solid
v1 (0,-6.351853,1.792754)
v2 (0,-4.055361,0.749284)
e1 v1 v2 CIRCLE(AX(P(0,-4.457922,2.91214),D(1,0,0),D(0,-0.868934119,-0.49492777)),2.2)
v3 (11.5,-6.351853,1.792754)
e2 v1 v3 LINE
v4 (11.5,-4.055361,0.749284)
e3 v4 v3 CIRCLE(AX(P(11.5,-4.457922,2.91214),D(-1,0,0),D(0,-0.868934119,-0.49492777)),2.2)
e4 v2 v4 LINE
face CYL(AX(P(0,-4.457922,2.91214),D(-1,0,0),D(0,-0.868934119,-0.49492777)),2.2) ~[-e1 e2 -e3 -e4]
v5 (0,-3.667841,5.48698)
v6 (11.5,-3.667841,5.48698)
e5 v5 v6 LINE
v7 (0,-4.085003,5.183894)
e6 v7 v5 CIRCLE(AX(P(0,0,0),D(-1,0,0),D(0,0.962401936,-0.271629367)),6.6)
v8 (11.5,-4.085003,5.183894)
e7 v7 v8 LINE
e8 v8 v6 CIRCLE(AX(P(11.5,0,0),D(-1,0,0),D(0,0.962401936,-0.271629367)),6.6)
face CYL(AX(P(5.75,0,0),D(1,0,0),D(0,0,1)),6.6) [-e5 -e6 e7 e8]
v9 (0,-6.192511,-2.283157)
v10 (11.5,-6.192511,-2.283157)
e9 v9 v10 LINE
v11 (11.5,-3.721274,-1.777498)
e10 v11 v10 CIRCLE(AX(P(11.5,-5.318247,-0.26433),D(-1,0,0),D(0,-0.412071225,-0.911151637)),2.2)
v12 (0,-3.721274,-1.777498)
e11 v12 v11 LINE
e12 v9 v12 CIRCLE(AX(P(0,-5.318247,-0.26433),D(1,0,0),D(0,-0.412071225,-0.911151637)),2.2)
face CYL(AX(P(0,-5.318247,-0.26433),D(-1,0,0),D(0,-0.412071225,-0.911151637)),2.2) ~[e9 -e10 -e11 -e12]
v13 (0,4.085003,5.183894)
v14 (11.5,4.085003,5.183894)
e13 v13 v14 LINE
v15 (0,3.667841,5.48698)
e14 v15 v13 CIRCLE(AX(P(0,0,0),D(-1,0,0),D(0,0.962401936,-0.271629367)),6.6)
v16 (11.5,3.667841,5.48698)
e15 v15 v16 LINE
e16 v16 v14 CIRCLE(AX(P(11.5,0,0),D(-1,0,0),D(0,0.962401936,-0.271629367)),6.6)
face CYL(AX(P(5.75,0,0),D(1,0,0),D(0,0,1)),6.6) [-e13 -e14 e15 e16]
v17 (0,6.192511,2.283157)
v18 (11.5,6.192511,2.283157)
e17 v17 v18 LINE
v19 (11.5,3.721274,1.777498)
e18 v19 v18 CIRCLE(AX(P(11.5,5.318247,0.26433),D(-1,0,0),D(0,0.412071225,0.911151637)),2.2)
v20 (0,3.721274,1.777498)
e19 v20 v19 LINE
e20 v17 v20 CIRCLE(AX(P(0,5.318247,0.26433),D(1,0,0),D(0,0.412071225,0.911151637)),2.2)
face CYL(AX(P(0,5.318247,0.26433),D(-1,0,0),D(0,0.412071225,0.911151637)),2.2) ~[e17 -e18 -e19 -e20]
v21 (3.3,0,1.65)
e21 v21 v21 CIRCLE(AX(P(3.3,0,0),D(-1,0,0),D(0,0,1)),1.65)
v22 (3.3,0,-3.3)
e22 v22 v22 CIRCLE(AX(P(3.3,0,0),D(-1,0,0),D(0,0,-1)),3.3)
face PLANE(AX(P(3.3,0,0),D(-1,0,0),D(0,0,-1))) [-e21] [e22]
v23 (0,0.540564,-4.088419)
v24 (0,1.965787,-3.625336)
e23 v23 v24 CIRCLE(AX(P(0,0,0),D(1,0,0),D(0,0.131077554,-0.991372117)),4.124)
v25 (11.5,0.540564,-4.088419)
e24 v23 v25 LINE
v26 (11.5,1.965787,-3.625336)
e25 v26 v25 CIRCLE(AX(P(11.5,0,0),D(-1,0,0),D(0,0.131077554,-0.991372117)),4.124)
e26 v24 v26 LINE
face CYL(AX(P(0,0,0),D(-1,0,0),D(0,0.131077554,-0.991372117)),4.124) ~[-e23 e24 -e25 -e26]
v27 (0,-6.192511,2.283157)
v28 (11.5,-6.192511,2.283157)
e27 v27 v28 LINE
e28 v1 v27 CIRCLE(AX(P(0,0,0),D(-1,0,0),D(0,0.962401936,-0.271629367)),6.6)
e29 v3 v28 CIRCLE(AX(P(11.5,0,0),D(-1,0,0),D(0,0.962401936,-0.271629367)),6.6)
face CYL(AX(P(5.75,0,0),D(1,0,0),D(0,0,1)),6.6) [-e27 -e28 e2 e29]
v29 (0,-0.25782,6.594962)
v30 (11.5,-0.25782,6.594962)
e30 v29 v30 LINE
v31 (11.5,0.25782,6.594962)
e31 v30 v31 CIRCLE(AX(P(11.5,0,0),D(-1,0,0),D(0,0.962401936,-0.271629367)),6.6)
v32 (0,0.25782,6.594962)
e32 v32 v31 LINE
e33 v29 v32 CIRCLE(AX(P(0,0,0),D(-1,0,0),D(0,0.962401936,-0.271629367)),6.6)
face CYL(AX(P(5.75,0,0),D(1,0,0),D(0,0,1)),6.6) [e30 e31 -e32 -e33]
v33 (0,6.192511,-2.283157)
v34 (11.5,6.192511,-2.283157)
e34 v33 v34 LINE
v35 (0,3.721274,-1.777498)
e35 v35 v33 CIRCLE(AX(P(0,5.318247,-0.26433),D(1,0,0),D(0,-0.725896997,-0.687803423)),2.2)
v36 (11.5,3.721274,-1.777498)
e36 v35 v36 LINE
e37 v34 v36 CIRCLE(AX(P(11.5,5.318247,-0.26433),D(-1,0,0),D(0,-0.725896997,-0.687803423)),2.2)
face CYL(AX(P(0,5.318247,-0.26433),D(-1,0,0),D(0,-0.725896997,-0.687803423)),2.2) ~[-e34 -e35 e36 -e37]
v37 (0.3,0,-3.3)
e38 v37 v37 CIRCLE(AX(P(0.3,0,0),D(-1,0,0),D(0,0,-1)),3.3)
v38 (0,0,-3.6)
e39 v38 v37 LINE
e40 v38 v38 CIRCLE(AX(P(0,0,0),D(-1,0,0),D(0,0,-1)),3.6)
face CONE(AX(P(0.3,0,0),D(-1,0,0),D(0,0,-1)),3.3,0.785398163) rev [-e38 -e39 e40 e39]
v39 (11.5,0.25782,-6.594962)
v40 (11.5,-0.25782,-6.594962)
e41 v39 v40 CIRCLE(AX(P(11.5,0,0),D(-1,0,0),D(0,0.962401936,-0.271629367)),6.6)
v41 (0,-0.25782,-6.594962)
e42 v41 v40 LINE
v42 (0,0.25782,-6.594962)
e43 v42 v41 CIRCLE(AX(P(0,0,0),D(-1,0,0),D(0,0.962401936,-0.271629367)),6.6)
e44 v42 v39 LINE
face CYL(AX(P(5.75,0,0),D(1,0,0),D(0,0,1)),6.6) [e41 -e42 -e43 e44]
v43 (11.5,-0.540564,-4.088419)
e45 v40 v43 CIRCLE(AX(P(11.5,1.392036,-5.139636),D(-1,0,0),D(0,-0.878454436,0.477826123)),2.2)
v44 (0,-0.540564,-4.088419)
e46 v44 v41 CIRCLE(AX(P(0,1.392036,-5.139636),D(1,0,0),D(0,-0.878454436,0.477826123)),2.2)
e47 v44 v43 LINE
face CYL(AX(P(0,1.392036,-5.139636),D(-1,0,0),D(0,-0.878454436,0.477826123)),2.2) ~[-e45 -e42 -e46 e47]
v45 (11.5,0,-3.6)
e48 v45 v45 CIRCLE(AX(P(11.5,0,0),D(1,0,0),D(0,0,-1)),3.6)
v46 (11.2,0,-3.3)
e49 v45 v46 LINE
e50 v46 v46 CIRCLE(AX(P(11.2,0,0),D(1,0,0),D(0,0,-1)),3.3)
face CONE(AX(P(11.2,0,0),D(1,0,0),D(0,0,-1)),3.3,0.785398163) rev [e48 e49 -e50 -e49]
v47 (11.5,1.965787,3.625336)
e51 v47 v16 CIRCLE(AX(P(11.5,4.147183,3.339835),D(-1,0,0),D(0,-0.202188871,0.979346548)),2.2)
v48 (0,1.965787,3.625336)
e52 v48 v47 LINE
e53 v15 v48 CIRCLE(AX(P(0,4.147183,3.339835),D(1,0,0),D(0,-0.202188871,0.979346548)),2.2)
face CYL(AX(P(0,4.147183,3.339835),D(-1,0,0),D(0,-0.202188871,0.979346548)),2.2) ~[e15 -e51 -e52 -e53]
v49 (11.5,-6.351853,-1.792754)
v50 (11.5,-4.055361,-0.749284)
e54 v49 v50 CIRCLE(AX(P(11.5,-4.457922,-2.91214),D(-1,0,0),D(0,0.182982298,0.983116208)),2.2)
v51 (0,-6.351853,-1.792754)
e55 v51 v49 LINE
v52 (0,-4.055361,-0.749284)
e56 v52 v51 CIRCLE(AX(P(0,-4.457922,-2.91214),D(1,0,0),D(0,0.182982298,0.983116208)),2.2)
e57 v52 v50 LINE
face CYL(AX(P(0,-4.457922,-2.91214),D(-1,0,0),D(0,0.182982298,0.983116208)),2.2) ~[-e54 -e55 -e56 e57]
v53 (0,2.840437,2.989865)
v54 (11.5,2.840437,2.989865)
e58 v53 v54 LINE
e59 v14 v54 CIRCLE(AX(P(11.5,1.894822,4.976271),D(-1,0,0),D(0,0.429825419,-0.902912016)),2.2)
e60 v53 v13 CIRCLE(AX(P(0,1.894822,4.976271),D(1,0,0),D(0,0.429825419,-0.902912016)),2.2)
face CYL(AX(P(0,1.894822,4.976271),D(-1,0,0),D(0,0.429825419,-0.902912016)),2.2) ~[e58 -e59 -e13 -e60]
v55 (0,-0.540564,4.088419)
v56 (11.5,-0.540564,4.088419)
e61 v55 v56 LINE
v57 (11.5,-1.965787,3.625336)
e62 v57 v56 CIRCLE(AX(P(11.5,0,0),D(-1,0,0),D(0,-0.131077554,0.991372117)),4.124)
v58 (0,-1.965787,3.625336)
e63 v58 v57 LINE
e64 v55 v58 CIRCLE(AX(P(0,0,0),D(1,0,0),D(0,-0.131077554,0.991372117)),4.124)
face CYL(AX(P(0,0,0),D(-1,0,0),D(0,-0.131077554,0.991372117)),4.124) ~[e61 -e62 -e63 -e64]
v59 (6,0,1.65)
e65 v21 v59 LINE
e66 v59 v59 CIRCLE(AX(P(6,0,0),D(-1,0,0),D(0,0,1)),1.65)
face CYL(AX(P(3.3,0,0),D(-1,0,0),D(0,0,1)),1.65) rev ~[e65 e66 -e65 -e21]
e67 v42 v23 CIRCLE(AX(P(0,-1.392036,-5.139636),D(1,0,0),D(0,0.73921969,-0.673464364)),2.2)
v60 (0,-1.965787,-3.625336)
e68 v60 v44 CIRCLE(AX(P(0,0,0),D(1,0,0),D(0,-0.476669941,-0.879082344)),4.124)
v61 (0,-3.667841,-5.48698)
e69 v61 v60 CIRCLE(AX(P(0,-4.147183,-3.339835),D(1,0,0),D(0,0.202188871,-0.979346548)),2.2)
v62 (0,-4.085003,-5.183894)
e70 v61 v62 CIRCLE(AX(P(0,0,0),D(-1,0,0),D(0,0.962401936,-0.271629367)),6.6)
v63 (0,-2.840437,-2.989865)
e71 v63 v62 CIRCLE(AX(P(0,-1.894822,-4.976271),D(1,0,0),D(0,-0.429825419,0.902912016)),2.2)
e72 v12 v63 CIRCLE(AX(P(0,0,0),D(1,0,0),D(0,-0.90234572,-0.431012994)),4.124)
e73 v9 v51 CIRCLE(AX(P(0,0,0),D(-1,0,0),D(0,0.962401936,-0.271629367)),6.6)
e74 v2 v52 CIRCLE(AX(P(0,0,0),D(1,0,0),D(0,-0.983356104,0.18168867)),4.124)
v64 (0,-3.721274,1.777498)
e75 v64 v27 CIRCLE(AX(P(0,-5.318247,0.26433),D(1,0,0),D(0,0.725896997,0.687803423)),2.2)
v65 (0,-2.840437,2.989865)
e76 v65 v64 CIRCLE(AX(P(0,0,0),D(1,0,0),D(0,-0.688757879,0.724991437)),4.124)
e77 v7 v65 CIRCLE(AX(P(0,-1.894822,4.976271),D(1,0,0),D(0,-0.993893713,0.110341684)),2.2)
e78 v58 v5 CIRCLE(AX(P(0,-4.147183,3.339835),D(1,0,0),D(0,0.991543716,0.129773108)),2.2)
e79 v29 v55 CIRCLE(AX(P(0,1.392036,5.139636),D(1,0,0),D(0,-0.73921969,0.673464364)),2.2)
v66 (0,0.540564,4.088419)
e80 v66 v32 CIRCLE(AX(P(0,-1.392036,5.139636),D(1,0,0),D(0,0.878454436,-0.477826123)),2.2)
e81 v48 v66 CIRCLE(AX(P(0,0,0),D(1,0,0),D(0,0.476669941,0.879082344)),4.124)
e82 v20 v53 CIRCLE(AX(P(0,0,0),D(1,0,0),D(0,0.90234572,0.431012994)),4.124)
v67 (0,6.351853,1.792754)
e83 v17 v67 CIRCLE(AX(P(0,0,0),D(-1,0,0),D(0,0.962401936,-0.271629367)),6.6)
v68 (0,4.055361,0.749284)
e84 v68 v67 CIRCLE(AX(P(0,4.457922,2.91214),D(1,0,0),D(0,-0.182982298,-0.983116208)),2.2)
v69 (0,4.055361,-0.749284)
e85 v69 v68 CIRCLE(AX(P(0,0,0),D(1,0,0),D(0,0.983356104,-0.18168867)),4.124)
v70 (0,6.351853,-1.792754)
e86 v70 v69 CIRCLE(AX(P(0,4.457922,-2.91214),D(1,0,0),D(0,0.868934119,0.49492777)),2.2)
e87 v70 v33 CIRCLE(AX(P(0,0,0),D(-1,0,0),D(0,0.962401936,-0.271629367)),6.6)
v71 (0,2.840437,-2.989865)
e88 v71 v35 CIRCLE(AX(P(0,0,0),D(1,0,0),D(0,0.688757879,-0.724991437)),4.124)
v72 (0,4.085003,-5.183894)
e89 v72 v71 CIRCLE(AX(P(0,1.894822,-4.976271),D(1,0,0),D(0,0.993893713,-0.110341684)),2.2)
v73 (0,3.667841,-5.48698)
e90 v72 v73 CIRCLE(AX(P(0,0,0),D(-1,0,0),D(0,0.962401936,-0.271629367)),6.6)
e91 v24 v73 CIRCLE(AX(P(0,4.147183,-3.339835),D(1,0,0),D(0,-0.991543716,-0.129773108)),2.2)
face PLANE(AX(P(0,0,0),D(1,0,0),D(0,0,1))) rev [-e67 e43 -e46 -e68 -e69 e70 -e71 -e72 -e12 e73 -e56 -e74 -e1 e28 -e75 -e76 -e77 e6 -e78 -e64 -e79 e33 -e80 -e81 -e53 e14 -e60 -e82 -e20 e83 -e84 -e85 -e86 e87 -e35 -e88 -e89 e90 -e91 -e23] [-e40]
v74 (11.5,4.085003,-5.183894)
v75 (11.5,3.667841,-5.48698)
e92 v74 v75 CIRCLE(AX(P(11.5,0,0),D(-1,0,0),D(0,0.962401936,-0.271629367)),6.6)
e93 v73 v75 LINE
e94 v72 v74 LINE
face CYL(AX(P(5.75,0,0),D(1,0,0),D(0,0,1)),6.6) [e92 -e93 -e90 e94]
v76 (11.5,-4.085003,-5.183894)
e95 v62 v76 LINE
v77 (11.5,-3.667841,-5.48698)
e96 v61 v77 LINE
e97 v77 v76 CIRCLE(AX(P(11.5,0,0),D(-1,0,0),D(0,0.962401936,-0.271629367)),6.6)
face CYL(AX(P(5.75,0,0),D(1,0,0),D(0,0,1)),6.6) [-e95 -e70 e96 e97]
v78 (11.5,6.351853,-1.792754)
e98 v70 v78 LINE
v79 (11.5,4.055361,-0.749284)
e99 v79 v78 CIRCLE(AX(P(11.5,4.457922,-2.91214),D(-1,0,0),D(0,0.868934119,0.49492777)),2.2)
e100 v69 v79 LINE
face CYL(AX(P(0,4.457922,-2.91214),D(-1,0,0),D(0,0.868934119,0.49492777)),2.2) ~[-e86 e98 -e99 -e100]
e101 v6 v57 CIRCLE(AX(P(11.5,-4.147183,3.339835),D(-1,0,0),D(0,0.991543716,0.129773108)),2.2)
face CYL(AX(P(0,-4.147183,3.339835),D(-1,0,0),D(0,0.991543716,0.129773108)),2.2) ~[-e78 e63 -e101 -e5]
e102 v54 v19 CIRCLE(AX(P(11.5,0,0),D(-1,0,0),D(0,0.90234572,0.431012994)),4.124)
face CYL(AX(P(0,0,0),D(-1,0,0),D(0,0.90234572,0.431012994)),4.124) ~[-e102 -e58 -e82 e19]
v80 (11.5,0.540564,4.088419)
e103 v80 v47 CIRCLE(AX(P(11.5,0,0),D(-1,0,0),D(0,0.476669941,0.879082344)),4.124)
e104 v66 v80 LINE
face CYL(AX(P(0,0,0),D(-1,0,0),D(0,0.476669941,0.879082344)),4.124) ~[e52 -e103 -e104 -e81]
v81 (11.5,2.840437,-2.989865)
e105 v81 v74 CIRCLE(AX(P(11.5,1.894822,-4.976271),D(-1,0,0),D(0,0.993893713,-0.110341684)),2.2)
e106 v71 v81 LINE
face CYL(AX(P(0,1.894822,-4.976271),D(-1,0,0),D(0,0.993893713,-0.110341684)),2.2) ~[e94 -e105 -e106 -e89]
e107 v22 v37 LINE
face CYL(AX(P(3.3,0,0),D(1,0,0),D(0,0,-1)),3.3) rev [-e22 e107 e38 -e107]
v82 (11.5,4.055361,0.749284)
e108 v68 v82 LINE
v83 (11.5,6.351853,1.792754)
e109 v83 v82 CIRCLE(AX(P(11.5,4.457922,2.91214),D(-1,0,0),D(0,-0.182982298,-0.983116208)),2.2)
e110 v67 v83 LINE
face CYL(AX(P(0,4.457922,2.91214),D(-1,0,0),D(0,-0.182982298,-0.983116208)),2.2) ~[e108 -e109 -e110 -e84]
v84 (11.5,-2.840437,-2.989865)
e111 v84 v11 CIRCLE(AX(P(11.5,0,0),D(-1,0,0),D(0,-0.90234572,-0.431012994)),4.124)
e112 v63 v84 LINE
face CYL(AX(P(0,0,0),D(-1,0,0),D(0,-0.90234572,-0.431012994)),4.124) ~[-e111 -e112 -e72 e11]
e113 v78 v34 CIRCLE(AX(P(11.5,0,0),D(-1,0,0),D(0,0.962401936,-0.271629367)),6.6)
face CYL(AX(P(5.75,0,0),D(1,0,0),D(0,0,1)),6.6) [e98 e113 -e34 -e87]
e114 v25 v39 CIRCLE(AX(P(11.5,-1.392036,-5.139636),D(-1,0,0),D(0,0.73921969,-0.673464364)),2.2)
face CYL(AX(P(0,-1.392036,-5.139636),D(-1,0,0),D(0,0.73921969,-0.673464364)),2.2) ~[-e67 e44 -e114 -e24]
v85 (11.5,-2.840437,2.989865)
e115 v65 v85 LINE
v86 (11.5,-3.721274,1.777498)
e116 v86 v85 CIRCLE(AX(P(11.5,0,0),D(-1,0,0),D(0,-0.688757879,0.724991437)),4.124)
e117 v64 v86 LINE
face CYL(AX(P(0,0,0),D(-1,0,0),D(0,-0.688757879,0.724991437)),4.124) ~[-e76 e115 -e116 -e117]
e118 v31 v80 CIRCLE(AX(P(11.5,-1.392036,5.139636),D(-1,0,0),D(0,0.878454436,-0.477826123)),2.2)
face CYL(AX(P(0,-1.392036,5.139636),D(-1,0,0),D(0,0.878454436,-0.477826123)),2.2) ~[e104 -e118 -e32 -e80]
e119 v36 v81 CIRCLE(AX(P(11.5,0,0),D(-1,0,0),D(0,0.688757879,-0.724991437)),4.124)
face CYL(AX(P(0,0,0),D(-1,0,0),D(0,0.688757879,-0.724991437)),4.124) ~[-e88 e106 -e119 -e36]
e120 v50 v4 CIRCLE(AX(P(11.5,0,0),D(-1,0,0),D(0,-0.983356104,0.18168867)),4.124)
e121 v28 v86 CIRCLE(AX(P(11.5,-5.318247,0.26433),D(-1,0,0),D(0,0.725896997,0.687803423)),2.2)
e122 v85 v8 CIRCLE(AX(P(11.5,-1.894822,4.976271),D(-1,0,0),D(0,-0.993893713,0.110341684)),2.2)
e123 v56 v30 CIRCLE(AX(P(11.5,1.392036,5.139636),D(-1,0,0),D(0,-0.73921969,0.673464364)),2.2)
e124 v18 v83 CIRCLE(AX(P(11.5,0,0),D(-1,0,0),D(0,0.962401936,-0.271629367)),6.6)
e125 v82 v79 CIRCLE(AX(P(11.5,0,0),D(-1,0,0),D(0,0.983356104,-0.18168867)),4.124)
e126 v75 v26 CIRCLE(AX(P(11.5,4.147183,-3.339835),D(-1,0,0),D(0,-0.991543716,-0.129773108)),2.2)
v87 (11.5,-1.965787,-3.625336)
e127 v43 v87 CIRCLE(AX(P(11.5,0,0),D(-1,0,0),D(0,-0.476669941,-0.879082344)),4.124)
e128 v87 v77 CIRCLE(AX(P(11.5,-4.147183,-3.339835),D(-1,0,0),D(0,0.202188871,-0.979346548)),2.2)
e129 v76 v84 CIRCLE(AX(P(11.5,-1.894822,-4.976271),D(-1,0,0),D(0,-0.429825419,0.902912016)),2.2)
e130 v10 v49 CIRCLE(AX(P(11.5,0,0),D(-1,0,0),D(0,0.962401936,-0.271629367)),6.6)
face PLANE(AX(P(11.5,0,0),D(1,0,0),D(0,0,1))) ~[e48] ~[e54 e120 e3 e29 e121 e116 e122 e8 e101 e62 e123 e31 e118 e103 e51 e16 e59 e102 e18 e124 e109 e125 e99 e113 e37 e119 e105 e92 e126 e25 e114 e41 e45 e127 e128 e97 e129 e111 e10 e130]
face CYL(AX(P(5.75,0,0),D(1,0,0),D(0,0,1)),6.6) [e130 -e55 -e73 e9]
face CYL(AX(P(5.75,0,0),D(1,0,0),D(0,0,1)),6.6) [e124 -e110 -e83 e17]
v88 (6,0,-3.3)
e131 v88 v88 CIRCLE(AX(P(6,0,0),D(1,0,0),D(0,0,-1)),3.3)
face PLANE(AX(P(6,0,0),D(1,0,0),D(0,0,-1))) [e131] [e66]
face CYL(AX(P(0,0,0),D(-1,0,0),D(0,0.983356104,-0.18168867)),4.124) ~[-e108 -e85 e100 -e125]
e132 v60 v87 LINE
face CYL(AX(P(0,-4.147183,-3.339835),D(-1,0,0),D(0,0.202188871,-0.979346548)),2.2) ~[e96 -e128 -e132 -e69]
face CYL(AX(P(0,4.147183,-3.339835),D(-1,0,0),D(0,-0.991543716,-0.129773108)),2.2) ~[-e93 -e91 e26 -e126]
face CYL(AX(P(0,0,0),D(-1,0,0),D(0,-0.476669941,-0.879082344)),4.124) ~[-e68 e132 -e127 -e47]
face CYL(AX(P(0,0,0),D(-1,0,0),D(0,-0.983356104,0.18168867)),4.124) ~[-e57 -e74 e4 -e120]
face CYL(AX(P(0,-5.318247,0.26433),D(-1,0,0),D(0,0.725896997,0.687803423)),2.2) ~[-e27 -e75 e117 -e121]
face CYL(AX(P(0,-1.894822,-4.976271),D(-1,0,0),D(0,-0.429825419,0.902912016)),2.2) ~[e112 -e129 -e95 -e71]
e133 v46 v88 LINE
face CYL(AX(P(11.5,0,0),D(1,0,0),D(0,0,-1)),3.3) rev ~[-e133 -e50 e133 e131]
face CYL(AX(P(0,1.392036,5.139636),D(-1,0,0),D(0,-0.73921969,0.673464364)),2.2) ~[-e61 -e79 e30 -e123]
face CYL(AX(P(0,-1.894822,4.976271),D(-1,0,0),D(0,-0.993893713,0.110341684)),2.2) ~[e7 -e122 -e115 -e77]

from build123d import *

# Parameters (mm, degrees)
BASPROSKE_W        = 11.5
BASPROSKE_H        = 6.6
TOOTHCUT_DEPTH     = 15.811144453
TEETHCUTS_COUNT    = 10
TEETHCUTS_ANGLE    = 324
BORSKE_R           = 1.5
BORE_DEPTH         = 50.0003556
SKETCH2_R          = 3.3
CUT_EXTRUDE1_DEPTH = 5.5
CUT_EXTRUDE2_START = -3.3
SKETCH3_R          = 3.3
CUT_EXTRUDE2_DEPTH = 3.3
SKETCH4_R          = 1.65
CUT_EXTRUDE3_DEPTH = 13.294146319
CHAMFER1_SIZE      = 0.3


with BuildPart() as part:
    # BasProSke → Base-Revolve (revolve)
    with BuildSketch(Plane(origin=(0, 0, 0), x_dir=(1, 0, 0), z_dir=(0, 1, 0)), mode=Mode.PRIVATE) as base_revolve_sk:
        with Locations((5.75, 3.3)):
            Rectangle(BASPROSKE_W, BASPROSKE_H)
    revolve(base_revolve_sk.sketch.rotate(Axis((-10, 0, 0), (1, 0, 0)), 180), axis=Axis((-10, 0, 0), (1, 0, 0)))

    # TooCutSke → ToothCut (cut, through all)
    with BuildSketch(Plane(origin=(0, 0, 0), x_dir=(0, 0, -1), z_dir=(1, 0, 0))):
        with BuildLine():
            ThreePointArc((0.749284073, 4.055360573), (0, 4.124), (-0.749284073, 4.055360573))
            ThreePointArc((-0.749284073, 4.055360573), (-0.916574147, 5.384052291), (-1.823298638, 6.369576692))
            ThreePointArc((-1.823298638, 6.369576692), (0, 6.6254), (1.823298638, 6.369576692))
            ThreePointArc((1.823298638, 6.369576692), (0.916574147, 5.384052291), (0.749284073, 4.055360573))
        make_face()
    toothcut = extrude(amount=TOOTHCUT_DEPTH, mode=Mode.SUBTRACT)

    # TeethCuts: ToothCut ×10 about axis
    teethcuts_axis = Axis((-10, 0, 0), (1, 0, 0))
    for i in range(1, TEETHCUTS_COUNT):
        add(toothcut.rotate(teethcuts_axis, i * TEETHCUTS_ANGLE / (TEETHCUTS_COUNT - 1)), mode=Mode.SUBTRACT)

    # BorSke → Bore (cut, symmetric)
    with BuildSketch(Plane(origin=(0, 0, 0), x_dir=(0, 0, -1), z_dir=(1, 0, 0))):
        with Locations(Location((0, 0, 0), (0, 0, 180))):
            Circle(BORSKE_R)
    extrude(amount=BORE_DEPTH, both=True, mode=Mode.SUBTRACT)

    # Sketch2 → Cut-Extrude1 (cut)
    with BuildSketch(Plane(origin=(11.5, 0, 0), x_dir=(0, 0, -1), z_dir=(1, 0, 0))):
        Circle(SKETCH2_R)
    extrude(amount=-CUT_EXTRUDE1_DEPTH, mode=Mode.SUBTRACT)

    # Sketch3 → Cut-Extrude2 (cut)
    with BuildSketch(Plane.ZY.offset(CUT_EXTRUDE2_START)):
        with Locations(Location((0, 0, 0), (0, 0, 180))):
            Circle(SKETCH3_R)
    extrude(amount=CUT_EXTRUDE2_DEPTH, mode=Mode.SUBTRACT)

    # Sketch4 → Cut-Extrude3 (cut, through all)
    with BuildSketch(Plane.ZY.offset(-3.3)):
        Circle(SKETCH4_R)
    extrude(amount=-CUT_EXTRUDE3_DEPTH, mode=Mode.SUBTRACT)

    # Chamfer1
    chamfer1_edges = [part.edges().sort_by_distance(p)[0] for p in [
        (11.5, 0, 3.3),
        (0, 0, 3.3),
    ]]
    chamfer(chamfer1_edges, length=CHAMFER1_SIZE)


solid = part.part
